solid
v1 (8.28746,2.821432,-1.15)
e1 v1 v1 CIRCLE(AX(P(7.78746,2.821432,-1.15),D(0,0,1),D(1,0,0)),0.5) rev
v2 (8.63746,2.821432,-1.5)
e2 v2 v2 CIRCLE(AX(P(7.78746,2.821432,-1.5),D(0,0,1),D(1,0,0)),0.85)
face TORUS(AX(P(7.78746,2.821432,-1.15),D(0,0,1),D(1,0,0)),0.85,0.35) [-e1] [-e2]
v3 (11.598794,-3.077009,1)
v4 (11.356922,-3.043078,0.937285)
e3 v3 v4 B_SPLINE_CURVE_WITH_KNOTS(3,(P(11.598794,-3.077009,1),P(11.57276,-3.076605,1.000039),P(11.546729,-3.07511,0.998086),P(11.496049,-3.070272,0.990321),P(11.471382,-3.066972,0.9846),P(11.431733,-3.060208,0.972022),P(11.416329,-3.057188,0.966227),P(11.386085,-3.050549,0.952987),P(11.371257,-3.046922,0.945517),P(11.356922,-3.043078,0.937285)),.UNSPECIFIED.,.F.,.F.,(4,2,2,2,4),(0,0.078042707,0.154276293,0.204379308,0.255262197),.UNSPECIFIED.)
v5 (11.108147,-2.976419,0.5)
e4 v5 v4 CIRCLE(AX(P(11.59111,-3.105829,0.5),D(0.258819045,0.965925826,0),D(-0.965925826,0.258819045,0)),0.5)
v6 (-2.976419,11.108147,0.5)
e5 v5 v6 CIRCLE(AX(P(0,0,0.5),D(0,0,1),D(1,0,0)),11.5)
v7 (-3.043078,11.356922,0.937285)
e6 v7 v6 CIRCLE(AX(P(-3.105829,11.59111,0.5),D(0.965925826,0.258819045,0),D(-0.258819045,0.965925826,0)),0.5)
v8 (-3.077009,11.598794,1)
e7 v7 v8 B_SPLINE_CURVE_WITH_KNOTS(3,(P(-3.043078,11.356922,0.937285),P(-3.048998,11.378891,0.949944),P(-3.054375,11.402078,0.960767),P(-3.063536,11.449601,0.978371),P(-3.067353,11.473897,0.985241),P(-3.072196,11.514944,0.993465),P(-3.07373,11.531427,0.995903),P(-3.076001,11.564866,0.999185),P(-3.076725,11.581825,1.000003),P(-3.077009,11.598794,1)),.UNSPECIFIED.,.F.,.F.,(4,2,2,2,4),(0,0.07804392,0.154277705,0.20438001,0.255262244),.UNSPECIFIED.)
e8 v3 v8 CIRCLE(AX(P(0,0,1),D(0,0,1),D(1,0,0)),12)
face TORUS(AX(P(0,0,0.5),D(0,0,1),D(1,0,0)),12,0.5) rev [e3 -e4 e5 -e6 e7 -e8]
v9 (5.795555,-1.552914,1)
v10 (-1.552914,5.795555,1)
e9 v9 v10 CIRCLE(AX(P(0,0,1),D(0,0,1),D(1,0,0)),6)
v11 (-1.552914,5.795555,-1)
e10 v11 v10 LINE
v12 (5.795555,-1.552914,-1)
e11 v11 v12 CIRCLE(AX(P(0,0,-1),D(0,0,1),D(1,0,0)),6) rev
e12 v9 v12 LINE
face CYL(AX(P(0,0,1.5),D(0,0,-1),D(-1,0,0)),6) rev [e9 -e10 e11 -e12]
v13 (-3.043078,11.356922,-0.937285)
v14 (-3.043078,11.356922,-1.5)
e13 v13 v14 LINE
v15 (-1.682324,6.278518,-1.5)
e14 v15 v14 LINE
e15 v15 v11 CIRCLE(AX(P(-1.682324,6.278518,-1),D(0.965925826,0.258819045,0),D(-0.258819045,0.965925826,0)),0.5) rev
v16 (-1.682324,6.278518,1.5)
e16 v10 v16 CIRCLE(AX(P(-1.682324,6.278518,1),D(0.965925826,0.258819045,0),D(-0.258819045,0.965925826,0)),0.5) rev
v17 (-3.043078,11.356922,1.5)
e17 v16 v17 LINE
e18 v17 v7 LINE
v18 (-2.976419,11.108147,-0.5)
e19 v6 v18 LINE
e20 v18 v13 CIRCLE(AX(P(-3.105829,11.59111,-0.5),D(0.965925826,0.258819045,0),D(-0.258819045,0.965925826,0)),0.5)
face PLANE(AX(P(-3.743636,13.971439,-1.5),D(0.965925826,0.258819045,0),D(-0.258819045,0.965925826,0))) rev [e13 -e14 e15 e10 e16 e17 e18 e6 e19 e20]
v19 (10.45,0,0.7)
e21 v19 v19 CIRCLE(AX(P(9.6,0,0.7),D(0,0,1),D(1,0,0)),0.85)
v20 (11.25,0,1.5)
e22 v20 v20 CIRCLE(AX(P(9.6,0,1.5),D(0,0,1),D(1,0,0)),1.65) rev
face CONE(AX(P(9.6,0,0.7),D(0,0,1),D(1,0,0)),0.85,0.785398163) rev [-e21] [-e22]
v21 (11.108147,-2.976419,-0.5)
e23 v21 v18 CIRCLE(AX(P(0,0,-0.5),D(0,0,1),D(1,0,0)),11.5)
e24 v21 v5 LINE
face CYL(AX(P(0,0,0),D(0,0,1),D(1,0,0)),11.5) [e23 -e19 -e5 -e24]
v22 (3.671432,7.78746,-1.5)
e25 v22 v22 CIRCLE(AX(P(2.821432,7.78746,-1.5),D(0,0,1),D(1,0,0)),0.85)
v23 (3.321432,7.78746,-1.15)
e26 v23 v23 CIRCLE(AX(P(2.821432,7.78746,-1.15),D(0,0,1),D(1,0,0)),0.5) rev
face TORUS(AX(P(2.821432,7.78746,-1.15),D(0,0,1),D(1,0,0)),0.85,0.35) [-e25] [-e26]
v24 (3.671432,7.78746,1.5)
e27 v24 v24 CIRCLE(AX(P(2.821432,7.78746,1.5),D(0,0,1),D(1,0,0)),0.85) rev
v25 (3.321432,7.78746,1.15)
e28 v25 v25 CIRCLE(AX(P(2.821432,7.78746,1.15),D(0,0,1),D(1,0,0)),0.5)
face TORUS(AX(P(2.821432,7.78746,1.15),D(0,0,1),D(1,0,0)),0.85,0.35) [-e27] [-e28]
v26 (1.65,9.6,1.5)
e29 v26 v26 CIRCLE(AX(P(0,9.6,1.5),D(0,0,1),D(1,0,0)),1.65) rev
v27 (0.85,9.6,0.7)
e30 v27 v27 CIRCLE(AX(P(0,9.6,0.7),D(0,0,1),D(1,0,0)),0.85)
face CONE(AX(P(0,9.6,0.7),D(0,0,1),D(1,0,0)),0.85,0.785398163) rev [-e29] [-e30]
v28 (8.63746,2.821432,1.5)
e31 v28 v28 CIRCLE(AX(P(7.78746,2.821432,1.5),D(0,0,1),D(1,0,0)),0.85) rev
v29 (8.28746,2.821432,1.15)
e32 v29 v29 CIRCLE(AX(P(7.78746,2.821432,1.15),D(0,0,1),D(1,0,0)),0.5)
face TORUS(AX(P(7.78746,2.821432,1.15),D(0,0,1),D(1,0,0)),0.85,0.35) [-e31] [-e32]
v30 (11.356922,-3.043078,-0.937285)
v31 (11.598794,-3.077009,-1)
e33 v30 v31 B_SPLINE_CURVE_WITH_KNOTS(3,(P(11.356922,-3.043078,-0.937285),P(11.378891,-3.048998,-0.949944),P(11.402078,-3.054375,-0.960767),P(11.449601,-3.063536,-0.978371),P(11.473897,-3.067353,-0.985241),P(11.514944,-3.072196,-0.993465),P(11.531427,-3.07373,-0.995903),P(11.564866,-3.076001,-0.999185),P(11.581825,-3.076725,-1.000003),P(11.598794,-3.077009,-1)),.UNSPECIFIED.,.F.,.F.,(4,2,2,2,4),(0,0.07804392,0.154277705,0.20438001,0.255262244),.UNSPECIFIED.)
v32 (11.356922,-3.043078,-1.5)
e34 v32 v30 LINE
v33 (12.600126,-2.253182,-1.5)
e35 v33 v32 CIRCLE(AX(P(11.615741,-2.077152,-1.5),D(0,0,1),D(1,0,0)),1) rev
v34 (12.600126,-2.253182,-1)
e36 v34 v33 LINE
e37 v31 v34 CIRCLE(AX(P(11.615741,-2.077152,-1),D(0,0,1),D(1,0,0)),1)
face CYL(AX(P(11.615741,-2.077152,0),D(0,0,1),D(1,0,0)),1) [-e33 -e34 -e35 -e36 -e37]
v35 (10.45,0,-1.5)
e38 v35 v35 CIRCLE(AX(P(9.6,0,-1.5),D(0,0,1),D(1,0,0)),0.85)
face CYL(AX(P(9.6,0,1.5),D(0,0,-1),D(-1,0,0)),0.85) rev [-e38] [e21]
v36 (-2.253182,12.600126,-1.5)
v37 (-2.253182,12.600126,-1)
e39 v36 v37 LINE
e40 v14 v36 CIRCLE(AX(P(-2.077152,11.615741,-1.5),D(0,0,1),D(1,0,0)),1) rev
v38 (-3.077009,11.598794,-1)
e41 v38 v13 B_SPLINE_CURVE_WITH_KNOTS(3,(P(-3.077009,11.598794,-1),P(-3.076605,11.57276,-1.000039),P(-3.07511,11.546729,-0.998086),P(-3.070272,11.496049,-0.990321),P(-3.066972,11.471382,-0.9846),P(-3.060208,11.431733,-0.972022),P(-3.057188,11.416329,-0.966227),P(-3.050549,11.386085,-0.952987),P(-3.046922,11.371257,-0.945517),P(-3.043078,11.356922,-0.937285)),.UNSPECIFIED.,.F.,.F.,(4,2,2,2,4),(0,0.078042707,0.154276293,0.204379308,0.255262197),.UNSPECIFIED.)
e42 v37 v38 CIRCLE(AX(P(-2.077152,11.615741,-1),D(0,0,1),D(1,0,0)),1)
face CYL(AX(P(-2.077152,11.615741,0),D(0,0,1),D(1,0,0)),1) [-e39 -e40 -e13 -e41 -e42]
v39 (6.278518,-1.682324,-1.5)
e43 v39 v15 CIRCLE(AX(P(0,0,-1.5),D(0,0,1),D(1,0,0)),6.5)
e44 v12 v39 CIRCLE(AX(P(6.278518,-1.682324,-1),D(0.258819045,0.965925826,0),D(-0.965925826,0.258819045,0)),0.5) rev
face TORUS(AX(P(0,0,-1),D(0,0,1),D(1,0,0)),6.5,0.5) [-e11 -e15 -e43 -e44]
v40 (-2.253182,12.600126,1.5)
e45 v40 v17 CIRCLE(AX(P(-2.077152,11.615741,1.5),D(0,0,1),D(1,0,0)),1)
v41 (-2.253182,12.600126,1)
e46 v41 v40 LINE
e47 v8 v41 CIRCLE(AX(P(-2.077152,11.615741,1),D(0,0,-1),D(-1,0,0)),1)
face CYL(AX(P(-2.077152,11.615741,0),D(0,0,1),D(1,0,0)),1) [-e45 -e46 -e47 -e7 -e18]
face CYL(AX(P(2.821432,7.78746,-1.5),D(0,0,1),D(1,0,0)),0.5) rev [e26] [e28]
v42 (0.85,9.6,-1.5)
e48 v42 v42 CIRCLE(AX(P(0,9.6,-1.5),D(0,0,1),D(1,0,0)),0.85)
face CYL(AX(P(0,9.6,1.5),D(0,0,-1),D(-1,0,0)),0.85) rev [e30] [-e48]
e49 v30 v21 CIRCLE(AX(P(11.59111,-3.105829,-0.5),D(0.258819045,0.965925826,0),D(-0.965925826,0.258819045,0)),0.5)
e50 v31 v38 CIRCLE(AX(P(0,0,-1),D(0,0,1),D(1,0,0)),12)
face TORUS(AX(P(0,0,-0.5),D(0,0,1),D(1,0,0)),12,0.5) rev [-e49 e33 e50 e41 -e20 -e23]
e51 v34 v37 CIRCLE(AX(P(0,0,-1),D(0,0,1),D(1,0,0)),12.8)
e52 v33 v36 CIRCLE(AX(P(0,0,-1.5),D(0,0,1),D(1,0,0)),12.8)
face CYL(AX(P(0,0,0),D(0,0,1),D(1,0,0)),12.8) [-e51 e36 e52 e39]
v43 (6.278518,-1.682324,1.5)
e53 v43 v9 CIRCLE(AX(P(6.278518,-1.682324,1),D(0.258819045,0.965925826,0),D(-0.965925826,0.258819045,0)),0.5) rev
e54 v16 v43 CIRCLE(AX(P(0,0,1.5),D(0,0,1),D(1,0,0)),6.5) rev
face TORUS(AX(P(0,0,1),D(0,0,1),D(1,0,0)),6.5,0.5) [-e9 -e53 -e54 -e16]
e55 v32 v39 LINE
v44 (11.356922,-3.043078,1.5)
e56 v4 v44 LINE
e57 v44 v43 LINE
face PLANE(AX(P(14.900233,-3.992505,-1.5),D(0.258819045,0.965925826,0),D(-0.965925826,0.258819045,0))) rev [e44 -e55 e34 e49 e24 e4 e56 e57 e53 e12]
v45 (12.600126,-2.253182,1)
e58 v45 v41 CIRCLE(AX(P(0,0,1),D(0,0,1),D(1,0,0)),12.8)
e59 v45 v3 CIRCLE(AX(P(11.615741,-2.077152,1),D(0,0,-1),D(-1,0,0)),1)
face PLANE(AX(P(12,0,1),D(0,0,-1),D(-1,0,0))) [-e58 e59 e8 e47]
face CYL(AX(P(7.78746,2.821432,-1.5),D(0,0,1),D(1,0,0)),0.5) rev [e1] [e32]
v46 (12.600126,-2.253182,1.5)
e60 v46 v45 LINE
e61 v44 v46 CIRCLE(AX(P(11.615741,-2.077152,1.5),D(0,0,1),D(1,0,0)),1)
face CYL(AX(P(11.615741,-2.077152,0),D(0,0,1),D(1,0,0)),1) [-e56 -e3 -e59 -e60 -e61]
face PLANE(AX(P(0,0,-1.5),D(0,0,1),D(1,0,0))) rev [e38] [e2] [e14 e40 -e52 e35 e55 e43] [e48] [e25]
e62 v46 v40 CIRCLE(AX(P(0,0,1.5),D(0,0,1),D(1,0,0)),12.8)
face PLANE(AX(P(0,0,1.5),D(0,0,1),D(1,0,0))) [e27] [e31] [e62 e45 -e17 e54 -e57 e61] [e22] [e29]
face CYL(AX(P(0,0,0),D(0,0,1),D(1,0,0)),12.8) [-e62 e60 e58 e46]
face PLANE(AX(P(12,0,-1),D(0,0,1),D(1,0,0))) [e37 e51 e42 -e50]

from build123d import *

# Parameters (mm, degrees)
SKETCH1_R               = 12
SKETCH1_R_2             = 0.85
SKETCH1_R_3             = 6
BOSS_EXTRUDE1_DEPTH     = 1.5
SKETCH6_W               = 0.8
SKETCH6_H               = 0.5
CUT_EXTRUDE1_DEPTH      = 2.5
CUT_EXTRUDE1_DEPTH_BACK = 2.5
SKETCH5_R               = 0.5
CUT_EXTRUDE2_DEPTH      = 1
CUT_EXTRUDE2_DEPTH_BACK = 4
FILLET1_R               = 0.5
FILLET2_R               = 1
CHAMFER1_SIZE           = 0.8
FILLET3_R               = 0.35
FILLET4_R               = 0.35


with BuildPart() as part:
    # Sketch1 → Boss-Extrude1 (new body, symmetric)
    with BuildSketch(Plane.XY):
        Circle(SKETCH1_R)
        with Locations((9.6, 0)):
            Circle(SKETCH1_R_2, mode=Mode.SUBTRACT)
        Circle(SKETCH1_R_3, mode=Mode.SUBTRACT)
        with Locations((0, -9.6)):
            Circle(SKETCH1_R_2, mode=Mode.SUBTRACT)
        with Locations((-9.6, 0)):
            Circle(SKETCH1_R_2, mode=Mode.SUBTRACT)
        with Locations((0, 9.6)):
            Circle(SKETCH1_R_2, mode=Mode.SUBTRACT)
    extrude(amount=BOSS_EXTRUDE1_DEPTH, both=True)

    # Sketch2 → Cut-Revolve1 (revolve, cut)
    with BuildSketch(Plane(origin=(0, 0, 0), x_dir=(1, 0, 0), z_dir=(0, 1, 0))):
        with BuildLine():
            Line((-11.5, 0.5), (-11.5, -0.5))
            ThreePointArc((-11.5, -0.5), (-11.646446609, -0.853553391), (-12, -1))
            Line((-12, -1), (-12, 1))
            ThreePointArc((-12, 1), (-11.646446609, 0.853553391), (-11.5, 0.5))
        make_face()
    revolve(axis=Axis((0, 0, 0), (0, 0, -1)), mode=Mode.SUBTRACT)

    # Sketch6 → Revolve1 (revolve)
    with BuildSketch(Plane(origin=(0, 0, 0), x_dir=(1, 0, 0), z_dir=(0, 1, 0))):
        with Locations((12.4, 1.25)):
            Rectangle(SKETCH6_W, SKETCH6_H)
        with Locations((12.4, -1.25)):
            Rectangle(SKETCH6_W, SKETCH6_H)
    revolve(axis=Axis((0, 0, 0), (0, 0, -1)))

    # Sketch4 → Cut-Extrude1 (cut, two sides)
    with BuildSketch(Plane.XY) as cut_extrude1_sk:
        Polygon((-3.743635752, 13.97143883), (0, 0), (14.900233226, -3.99250546), (14.900233226, -14.839385646), (-15.188066433, -14.839385646), (-15.188066433, 13.97143883), align=None)
    extrude(amount=CUT_EXTRUDE1_DEPTH, mode=Mode.SUBTRACT)
    extrude(cut_extrude1_sk.sketch, amount=-CUT_EXTRUDE1_DEPTH_BACK, mode=Mode.SUBTRACT)

    # Sketch5 → Cut-Extrude2 (cut, two sides)
    with BuildSketch(Plane.XY.offset(1.5)) as cut_extrude2_sk:
        with Locations((2.82143232, 7.787460269)):
            Circle(SKETCH5_R)
        with Locations((7.787460269, 2.82143232)):
            Circle(SKETCH5_R)
    extrude(amount=CUT_EXTRUDE2_DEPTH, mode=Mode.SUBTRACT)
    extrude(cut_extrude2_sk.sketch, amount=-CUT_EXTRUDE2_DEPTH_BACK, mode=Mode.SUBTRACT)

    # Fillet1
    fillet1_edges = [part.edges().sort_by_distance(p)[0] for p in [
        (4.242640687, 4.242640687, 1.5),
        (4.242640687, 4.242640687, -1.5),
    ]]
    fillet(fillet1_edges, radius=FILLET1_R)

    # Fillet2
    fillet2_edges = [part.edges().sort_by_distance(p)[0] for p in [
        (12.363850577, -3.312883777, -1.25),
        (12.363850577, -3.312883777, 1.25),
        (-3.312883777, 12.363850577, -1.25),
        (-3.312883777, 12.363850577, 1.25),
    ]]
    fillet(fillet2_edges, radius=FILLET2_R)

    # Chamfer1
    chamfer1_edges = [part.edges().sort_by_distance(p)[0] for p in [
        (8.75, 0, 1.5),
        (-0.85, 9.6, 1.5),
    ]]
    chamfer(chamfer1_edges, length=CHAMFER1_SIZE)

    # Fillet3
    fillet3_edges = [part.edges().sort_by_distance(p)[0] for p in [
        (2.32143232, 7.787460269, 1.5),
        (7.287460269, 2.82143232, 1.5),
    ]]
    fillet(fillet3_edges, radius=FILLET3_R)

    # Fillet4
    fillet4_edges = [part.edges().sort_by_distance(p)[0] for p in [
        (2.32143232, 7.787460269, -1.5),
        (7.287460269, 2.82143232, -1.5),
    ]]
    fillet(fillet4_edges, radius=FILLET4_R)


solid = part.part
